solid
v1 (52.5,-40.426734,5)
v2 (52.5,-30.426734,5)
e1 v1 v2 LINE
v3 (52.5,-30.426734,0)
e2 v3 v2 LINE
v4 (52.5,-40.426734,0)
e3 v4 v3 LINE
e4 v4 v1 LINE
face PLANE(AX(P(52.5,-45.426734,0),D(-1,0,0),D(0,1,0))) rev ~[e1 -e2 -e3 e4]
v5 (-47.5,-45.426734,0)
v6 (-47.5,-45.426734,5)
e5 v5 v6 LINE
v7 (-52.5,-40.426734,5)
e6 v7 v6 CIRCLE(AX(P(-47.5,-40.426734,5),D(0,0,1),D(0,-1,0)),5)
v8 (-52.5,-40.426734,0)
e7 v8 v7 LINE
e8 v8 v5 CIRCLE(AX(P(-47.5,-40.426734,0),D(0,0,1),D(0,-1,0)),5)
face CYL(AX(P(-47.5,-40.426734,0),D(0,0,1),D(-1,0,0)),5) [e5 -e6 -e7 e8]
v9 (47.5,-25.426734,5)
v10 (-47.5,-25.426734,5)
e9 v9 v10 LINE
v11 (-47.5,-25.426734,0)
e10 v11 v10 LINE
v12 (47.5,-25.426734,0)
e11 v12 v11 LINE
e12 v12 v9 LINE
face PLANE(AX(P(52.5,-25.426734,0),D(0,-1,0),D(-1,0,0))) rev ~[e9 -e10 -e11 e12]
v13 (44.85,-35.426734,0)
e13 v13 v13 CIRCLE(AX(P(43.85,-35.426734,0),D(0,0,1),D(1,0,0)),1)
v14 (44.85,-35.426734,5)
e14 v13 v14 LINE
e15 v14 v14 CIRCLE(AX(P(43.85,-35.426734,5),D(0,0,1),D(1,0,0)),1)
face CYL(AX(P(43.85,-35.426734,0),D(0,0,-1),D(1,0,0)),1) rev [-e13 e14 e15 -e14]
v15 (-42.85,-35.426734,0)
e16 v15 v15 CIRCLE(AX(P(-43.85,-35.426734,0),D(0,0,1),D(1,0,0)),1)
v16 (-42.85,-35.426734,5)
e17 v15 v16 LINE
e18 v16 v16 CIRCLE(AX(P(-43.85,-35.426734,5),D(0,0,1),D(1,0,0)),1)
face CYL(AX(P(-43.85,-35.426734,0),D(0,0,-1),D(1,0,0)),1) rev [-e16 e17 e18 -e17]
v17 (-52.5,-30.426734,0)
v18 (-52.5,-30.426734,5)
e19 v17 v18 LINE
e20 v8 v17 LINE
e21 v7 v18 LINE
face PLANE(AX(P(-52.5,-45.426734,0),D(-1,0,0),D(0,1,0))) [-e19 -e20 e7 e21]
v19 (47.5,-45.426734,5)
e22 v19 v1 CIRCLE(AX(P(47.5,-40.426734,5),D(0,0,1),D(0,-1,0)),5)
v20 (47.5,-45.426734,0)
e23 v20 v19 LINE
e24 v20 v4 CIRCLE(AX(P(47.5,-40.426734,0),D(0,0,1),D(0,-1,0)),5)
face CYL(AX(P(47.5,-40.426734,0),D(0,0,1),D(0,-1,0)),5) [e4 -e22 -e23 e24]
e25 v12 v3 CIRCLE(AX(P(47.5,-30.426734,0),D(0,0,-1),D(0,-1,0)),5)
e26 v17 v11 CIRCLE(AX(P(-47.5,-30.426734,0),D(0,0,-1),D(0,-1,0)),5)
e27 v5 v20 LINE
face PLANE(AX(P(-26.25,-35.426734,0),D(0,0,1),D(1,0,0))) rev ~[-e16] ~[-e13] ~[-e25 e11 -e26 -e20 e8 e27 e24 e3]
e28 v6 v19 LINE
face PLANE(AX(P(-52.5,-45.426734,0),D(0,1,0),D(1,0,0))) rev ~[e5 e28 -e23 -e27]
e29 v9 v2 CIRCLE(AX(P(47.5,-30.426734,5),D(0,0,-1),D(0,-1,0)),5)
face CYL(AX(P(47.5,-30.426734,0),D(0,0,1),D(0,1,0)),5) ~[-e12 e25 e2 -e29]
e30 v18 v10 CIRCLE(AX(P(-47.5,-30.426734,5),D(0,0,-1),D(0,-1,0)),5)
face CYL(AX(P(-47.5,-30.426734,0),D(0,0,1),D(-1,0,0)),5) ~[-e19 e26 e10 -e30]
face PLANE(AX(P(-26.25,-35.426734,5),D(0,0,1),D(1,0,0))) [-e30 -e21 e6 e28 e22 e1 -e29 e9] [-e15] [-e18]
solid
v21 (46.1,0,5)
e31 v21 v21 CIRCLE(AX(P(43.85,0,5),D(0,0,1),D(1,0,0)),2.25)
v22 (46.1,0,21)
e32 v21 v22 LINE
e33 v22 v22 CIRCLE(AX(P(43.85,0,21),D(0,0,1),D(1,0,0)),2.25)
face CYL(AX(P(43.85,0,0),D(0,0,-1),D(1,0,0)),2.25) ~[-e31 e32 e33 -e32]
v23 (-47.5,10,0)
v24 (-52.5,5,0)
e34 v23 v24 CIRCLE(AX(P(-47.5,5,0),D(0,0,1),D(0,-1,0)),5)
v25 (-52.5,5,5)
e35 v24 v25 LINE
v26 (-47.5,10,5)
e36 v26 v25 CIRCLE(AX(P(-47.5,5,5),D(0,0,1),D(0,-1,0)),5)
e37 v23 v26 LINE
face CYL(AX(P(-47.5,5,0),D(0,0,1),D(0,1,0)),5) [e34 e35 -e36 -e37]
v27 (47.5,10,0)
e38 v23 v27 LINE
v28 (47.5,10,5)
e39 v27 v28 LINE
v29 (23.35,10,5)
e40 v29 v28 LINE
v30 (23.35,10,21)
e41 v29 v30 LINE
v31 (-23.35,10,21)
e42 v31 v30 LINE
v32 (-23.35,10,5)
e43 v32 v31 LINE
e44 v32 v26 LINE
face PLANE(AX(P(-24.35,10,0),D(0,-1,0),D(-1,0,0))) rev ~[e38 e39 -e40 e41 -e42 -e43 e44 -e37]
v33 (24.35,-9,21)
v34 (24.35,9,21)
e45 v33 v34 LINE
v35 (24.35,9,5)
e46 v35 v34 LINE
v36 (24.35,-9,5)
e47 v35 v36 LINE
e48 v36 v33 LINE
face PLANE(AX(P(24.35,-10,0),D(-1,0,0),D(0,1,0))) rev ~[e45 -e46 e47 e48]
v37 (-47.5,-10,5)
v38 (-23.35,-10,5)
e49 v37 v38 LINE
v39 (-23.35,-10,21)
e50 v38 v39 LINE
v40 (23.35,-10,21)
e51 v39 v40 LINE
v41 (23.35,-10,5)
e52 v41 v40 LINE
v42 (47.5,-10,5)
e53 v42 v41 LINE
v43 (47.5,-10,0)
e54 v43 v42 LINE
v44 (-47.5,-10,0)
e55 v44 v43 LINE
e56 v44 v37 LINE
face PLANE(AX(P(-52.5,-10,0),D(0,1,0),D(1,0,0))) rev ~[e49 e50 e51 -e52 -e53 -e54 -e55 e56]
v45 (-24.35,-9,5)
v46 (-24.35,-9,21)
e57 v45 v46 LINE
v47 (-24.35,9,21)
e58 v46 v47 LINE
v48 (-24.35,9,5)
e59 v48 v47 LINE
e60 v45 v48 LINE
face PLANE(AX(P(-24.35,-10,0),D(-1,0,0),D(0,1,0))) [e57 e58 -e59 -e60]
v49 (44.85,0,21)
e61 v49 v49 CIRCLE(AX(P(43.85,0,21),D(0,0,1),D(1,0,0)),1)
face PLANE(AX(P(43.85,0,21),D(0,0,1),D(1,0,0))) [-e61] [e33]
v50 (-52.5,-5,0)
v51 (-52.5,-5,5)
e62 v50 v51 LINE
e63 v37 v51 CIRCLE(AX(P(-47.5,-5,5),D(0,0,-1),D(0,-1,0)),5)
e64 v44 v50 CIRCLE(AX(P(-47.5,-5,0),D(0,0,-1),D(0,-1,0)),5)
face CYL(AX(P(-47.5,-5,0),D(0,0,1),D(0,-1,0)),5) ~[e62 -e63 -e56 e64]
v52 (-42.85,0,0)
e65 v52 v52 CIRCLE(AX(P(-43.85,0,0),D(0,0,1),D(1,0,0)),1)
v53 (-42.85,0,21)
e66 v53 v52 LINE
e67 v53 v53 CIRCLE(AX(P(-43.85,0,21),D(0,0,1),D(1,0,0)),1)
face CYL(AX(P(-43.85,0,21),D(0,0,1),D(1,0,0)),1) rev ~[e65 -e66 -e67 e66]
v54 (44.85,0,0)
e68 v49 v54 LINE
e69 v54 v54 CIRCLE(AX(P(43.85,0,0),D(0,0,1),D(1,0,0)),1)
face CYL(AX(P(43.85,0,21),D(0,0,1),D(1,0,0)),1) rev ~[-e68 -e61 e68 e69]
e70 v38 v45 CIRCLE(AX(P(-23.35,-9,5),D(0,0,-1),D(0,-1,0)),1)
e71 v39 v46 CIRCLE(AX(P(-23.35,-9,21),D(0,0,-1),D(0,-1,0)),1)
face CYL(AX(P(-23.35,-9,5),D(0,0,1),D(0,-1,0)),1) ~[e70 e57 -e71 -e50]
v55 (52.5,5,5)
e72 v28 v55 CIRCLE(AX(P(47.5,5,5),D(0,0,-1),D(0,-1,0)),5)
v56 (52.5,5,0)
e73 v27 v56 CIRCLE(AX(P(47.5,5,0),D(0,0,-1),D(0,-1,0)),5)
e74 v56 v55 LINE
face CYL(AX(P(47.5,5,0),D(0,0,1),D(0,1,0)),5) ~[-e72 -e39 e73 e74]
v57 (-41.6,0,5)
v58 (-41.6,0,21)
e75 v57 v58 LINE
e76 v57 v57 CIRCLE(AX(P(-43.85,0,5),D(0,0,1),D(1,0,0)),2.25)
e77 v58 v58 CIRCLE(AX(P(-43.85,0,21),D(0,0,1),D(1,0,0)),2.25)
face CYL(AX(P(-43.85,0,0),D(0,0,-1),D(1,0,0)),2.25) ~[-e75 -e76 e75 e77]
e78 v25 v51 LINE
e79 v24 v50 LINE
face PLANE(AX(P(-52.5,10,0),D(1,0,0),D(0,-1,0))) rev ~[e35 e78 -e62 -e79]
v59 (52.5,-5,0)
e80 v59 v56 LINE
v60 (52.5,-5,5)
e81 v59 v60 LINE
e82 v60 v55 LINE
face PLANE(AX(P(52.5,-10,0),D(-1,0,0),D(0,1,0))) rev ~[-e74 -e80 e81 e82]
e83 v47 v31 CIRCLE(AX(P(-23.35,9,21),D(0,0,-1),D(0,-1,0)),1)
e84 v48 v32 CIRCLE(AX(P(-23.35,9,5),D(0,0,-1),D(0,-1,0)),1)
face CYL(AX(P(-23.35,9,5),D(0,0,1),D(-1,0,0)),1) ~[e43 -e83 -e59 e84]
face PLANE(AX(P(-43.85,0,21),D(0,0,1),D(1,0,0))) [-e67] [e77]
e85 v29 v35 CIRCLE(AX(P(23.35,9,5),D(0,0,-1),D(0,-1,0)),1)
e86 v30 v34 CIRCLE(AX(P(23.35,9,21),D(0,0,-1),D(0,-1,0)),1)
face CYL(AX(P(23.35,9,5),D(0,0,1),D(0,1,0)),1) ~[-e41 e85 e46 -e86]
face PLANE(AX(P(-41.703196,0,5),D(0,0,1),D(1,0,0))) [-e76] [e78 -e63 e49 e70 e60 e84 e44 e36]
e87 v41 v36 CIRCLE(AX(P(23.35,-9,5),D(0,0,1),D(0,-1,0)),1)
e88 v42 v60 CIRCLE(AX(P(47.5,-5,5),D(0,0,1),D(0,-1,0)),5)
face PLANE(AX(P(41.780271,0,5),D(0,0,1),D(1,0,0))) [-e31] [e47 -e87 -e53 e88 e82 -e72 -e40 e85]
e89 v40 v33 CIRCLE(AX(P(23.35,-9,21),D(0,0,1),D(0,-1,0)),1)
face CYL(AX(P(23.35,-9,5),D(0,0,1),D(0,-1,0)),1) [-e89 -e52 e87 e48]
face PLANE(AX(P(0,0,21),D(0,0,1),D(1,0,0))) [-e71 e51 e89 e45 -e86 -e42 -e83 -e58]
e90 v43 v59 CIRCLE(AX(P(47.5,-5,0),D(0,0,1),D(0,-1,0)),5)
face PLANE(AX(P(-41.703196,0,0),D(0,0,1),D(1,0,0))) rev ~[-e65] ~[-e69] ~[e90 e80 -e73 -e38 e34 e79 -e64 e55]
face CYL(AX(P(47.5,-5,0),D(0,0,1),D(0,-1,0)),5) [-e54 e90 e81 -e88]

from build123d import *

# Parameters (mm, degrees)
F0_W     = 48.7
F0_H     = 20
F1_DEPTH = 21
F0_W_2   = 52.5
F0_R     = 1
F2_DEPTH = 5
F0_R_2   = 2.25
F3_DEPTH = 5
F4_DEPTH = 21
F5_R     = 5
F5_2_R   = 5
F6_R     = 1
F7_R     = 1
F8_R     = 1
F9_DEPTH = 22.6


with BuildPart() as f1:
    # F0 (on Top) → F1 (new body)
    with BuildSketch(Plane.XY):
        Rectangle(F0_W, F0_H)
    extrude(amount=F1_DEPTH)

    # F0 (on Top) → F3 (join)
    with BuildSketch(Plane.XY):
        with BuildLine():
            Line((-52.5, -10), (-32.6696601125, -10))
            ThreePointArc((-32.6696601125, -10), (-29.8374146156, -5.3523313466), (-28.85, 0))
            ThreePointArc((-28.85, 0), (-29.8374146156, 5.3523313466), (-32.6696601125, 10))
            Line((-32.6696601125, 10), (-52.5, 10))
            Line((-52.5, 10), (-52.5, -10))
        make_face()
        with Locations((-43.85, 0)):
            Circle(F0_R_2, mode=Mode.SUBTRACT)
        with BuildLine():
            Line((-32.6696601125, -10), (-24.35, -10))
            Line((-24.35, -10), (-24.35, 10))
            Line((-24.35, 10), (-32.6696601125, 10))
            ThreePointArc((-32.6696601125, 10), (-29.8374146156, 5.3523313466), (-28.85, 0))
            ThreePointArc((-28.85, 0), (-29.8374146156, -5.3523313466), (-32.6696601125, -10))
        make_face()
        with BuildLine():
            ThreePointArc((32.6696601125, 10), (28.85, 0), (32.6696601125, -10))
            Line((32.6696601125, -10), (52.5, -10))
            Line((52.5, -10), (52.5, 10))
            Line((52.5, 10), (32.6696601125, 10))
        make_face()
        with Locations((43.85, 0)):
            Circle(F0_R_2, mode=Mode.SUBTRACT)
        with BuildLine():
            Line((24.35, 10), (24.35, -10))
            Line((24.35, -10), (32.6696601125, -10))
            ThreePointArc((32.6696601125, -10), (28.85, 0), (32.6696601125, 10))
            Line((32.6696601125, 10), (24.35, 10))
        make_face()
    extrude(amount=F3_DEPTH)

    # F0 (on Top) → F4 (join)
    with BuildSketch(Plane.XY):
        with Locations((-43.85, 0)):
            Circle(F0_R_2)
        with Locations((43.85, 0)):
            Circle(F0_R_2)
    extrude(amount=F4_DEPTH)

    # F5
    f5_edges = [f1.edges().sort_by_distance(p)[0] for p in [
        (-52.5, -10, 2.5),
        (52.5, -10, 2.5),
        (52.5, 10, 2.5),
        (-52.5, 10, 2.5),
    ]]
    fillet(f5_edges, radius=F5_R)

    # F6
    f6_edges = [f1.edges().sort_by_distance(p)[0] for p in [
        (24.35, -10, 13),
        (24.35, 10, 13),
        (-24.35, -10, 13),
        (-24.35, 10, 13),
    ]]
    fillet(f6_edges, radius=F6_R)

    # F7 (on face) + F8 (on face) → F9 (cut)
    with BuildSketch(Plane.XY.offset(21)):
        with Locations((-43.85, 0)):
            Circle(F7_R)
    with BuildSketch(Plane.XY.offset(21)):
        with Locations((43.85, 0)):
            Circle(F8_R)
    extrude(amount=-F9_DEPTH, mode=Mode.SUBTRACT)


with BuildPart() as f2:
    # F0 (on Top) → F2 (new body)
    with BuildSketch(Plane.XY):
        with Locations((-26.25, -35.4267337918)):
            Rectangle(F0_W_2, F0_H)
        with Locations((-43.85, -35.4267337918)):
            Circle(F0_R, mode=Mode.SUBTRACT)
        with Locations((26.25, -35.4267337918)):
            Rectangle(F0_W_2, F0_H)
        with Locations((43.85, -35.4267337918)):
            Circle(F0_R, mode=Mode.SUBTRACT)
    extrude(amount=F2_DEPTH)

    # F5#2
    f5_2_edges = [f2.edges().sort_by_distance(p)[0] for p in [
        (-52.5, -45.426734, 2.5),
        (-52.5, -25.426734, 2.5),
        (52.5, -45.426734, 2.5),
        (52.5, -25.426734, 2.5),
    ]]
    fillet(f5_2_edges, radius=F5_2_R)


solid = Compound([f1.part, f2.part])
